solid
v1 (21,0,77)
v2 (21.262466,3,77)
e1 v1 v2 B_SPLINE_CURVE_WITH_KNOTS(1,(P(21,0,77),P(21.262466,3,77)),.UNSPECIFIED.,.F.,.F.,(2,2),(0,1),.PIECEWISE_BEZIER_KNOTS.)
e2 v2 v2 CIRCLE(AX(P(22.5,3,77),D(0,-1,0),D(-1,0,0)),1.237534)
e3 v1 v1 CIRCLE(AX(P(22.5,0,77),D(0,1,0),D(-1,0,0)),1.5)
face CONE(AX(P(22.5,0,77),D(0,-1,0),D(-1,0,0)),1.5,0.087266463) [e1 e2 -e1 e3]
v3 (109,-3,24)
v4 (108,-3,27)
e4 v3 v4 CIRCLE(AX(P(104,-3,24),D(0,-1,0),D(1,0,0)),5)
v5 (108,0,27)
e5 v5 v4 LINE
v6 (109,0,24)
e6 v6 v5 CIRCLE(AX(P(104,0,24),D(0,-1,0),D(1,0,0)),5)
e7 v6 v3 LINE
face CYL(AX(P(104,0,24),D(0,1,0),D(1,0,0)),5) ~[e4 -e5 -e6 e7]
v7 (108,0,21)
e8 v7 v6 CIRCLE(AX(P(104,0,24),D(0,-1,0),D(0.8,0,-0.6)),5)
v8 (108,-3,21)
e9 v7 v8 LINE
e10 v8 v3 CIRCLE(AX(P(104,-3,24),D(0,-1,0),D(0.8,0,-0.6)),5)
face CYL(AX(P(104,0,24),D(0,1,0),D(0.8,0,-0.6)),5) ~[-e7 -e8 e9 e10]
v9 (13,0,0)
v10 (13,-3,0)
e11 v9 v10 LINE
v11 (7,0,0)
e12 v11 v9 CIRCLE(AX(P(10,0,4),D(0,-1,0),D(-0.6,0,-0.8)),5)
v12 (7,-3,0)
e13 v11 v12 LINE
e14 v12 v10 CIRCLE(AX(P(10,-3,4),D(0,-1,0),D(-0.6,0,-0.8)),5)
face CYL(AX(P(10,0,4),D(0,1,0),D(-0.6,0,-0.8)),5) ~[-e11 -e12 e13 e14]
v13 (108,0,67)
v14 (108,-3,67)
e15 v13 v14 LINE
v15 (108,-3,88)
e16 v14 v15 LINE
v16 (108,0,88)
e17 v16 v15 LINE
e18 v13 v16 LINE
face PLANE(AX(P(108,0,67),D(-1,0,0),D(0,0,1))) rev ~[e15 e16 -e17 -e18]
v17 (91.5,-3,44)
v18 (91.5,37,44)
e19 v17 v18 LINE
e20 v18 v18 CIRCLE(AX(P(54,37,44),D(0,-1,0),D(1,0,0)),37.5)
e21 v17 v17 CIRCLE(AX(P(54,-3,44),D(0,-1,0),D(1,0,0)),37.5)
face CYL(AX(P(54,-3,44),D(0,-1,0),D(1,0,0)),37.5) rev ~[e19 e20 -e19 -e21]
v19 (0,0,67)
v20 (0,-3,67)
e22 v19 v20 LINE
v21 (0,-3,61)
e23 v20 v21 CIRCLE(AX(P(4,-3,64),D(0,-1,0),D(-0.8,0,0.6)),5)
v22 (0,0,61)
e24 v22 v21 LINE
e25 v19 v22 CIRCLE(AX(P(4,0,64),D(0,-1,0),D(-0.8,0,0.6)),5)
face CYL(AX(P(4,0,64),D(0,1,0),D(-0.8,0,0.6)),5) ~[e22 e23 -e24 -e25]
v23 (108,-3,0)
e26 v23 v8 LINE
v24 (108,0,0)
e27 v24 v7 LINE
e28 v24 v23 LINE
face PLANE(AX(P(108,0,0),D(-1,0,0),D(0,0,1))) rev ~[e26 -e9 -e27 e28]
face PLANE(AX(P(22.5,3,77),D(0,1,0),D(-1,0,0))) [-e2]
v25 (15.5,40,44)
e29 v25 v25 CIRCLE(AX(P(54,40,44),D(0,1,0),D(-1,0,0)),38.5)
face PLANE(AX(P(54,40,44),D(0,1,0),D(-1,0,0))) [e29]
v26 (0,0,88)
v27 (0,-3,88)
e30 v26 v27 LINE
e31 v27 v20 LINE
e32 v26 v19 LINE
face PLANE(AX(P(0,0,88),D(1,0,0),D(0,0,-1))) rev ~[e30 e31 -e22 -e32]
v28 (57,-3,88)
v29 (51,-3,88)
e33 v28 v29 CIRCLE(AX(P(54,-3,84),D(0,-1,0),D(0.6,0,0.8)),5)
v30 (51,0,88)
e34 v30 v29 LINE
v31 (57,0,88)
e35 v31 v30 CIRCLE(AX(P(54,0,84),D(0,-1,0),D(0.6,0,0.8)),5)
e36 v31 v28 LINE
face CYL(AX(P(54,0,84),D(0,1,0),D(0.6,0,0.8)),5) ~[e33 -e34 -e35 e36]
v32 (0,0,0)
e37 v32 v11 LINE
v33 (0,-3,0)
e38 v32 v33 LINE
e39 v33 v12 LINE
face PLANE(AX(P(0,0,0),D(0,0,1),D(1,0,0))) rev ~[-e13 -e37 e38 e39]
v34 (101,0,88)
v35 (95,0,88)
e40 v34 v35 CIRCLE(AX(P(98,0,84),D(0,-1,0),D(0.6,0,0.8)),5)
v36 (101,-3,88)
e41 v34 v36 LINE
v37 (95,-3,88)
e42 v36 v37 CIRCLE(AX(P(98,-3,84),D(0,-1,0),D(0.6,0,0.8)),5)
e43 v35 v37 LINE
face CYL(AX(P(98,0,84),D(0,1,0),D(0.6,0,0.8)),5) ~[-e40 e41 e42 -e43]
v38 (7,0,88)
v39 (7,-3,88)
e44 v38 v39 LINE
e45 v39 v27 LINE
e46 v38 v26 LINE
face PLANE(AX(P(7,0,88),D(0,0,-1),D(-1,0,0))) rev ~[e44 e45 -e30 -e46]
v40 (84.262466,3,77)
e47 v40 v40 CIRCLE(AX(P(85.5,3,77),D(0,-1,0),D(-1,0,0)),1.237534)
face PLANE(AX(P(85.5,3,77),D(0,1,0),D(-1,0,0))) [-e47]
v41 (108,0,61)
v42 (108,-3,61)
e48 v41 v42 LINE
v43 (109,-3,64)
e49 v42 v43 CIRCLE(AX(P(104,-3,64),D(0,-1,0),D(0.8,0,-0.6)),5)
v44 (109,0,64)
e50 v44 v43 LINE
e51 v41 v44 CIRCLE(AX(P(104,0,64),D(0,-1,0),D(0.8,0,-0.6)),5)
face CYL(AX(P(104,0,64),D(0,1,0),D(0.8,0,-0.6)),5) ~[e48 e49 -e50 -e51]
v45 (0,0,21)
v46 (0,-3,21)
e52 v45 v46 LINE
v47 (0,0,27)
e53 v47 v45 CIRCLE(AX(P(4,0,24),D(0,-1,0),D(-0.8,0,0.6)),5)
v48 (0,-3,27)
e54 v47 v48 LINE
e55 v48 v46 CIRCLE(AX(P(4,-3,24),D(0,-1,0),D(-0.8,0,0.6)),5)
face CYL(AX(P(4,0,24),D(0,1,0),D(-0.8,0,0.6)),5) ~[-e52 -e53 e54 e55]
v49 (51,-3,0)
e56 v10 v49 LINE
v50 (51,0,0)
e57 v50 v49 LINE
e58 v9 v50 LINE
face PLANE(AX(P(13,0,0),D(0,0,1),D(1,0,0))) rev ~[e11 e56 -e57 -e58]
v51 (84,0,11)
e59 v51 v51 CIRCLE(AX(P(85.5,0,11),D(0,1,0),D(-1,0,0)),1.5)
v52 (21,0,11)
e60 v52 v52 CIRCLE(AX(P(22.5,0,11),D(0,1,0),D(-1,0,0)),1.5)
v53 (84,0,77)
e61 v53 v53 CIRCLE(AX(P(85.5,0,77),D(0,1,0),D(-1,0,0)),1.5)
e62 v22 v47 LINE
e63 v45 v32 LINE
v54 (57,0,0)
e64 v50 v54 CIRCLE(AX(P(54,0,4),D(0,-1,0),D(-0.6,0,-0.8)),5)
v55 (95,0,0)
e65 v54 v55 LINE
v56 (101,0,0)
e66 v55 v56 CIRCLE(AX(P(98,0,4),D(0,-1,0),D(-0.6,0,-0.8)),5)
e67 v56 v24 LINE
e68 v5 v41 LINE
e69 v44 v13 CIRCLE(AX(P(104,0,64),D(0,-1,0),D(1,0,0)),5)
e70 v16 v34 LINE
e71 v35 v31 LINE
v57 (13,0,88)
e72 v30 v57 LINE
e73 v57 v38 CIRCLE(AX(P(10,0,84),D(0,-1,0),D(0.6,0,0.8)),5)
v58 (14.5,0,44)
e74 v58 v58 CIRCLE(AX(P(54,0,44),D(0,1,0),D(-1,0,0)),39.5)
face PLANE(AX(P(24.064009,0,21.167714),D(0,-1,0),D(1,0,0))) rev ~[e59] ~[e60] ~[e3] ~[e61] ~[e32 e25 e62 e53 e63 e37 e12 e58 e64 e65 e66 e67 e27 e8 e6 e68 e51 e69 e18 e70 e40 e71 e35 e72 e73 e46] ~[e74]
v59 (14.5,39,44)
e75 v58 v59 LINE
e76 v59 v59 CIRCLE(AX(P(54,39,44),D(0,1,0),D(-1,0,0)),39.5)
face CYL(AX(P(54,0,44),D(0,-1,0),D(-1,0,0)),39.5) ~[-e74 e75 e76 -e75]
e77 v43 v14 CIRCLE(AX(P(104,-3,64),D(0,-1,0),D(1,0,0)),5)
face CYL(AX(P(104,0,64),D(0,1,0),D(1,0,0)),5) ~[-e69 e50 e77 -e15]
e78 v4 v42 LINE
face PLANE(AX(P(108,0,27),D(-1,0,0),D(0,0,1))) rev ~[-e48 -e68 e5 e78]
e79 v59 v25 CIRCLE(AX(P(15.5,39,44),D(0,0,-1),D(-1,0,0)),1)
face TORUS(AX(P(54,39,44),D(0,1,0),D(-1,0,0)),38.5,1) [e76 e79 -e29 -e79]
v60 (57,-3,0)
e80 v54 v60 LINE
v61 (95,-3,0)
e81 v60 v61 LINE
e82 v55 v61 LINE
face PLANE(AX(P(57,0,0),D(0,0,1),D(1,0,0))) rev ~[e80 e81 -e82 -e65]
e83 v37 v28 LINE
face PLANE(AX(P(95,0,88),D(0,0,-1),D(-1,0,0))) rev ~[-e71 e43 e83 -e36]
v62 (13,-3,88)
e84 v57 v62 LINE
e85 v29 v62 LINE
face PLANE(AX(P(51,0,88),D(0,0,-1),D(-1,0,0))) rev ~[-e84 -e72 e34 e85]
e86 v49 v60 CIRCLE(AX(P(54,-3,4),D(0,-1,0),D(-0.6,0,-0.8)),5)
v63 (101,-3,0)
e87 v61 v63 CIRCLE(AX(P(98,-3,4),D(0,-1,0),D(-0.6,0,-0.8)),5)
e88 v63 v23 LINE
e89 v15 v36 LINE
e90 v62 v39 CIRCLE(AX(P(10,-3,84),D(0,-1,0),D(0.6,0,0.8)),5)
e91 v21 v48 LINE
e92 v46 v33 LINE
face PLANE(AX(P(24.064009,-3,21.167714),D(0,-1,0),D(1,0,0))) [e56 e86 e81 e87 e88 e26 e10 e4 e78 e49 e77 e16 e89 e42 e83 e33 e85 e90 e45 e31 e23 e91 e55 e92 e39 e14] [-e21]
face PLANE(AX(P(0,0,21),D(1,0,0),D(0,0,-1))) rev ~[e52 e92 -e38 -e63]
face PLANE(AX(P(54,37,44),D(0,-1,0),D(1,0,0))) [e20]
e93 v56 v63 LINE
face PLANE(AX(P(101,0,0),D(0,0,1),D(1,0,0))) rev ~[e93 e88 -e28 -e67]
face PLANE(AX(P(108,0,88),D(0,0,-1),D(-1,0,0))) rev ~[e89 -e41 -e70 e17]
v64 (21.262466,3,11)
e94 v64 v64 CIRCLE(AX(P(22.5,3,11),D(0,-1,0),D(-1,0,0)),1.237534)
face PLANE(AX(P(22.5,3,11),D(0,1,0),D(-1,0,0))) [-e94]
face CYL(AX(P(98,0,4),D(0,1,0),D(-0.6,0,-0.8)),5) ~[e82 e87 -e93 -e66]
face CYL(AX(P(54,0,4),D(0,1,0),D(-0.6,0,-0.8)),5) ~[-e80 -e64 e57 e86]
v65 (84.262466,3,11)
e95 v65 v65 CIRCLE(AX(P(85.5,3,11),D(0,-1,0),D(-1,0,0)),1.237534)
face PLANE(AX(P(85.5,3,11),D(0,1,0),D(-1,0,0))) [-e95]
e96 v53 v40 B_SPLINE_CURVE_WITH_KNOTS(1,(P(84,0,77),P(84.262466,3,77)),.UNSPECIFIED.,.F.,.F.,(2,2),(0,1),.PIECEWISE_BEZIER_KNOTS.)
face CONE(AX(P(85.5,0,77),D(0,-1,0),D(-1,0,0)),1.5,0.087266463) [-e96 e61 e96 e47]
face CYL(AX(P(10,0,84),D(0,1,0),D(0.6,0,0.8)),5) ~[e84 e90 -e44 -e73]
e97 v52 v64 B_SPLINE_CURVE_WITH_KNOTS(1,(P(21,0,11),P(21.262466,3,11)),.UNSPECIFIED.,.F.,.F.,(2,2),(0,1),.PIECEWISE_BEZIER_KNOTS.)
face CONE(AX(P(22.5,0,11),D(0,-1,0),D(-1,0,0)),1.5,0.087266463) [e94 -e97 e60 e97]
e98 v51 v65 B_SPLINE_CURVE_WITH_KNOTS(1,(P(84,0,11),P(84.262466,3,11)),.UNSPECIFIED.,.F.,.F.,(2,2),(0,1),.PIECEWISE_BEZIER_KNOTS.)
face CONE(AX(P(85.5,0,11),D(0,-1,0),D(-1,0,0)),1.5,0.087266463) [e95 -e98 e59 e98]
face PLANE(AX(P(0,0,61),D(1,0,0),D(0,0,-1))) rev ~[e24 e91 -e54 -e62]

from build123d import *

# Parameters (mm, degrees)
F1_DEPTH = 3
F2_R     = 39.5
F3_DEPTH = 40
F4_R     = 1.5
F5_DEPTH = 3
F5_TAPER = 5
F6_R     = 1
F7_R     = 37.5
F8_DEPTH = 40


with BuildPart() as f1:
    # F0 (on Front) → F1 (new body)
    with BuildSketch(Plane.XZ):
        with BuildLine():
            Line((0, 21), (0, 0))
            Line((0, 0), (7, 0))
            ThreePointArc((7, 0), (7.7639320225, 8.472135955), (15, 4))
            ThreePointArc((15, 4), (14.472135955, 1.7639320225), (13, 0))
            Line((13, 0), (51, 0))
            ThreePointArc((51, 0), (49.2565835097, 5.5811388301), (54, 9))
            Line((54, 9), (54, 44))
            Line((54, 44), (0, 44))
            Line((0, 44), (0, 27))
            ThreePointArc((0, 27), (5.5811388301, 28.7434164903), (9, 24))
            ThreePointArc((9, 24), (5.5811388301, 19.2565835097), (0, 21))
        make_face()
        with BuildLine():
            ThreePointArc((15, 4), (7.7639320225, 8.472135955), (7, 0))
            Line((7, 0), (13, 0))
            ThreePointArc((13, 0), (14.472135955, 1.7639320225), (15, 4))
        make_face()
        with BuildLine():
            Line((13, 0), (7, 0))
            ThreePointArc((7, 0), (10, -1), (13, 0))
        make_face()
        with BuildLine():
            ThreePointArc((0, 27), (-1, 24), (0, 21))
            Line((0, 21), (0, 27))
        make_face()
        with BuildLine():
            Line((0, 27), (0, 21))
            ThreePointArc((0, 21), (5.5811388301, 19.2565835097), (9, 24))
            ThreePointArc((9, 24), (5.5811388301, 28.7434164903), (0, 27))
        make_face()
        with BuildLine():
            ThreePointArc((54, 9), (49.2565835097, 5.5811388301), (51, 0))
            Line((51, 0), (54, 0))
            Line((54, 0), (54, 9))
        make_face()
        with BuildLine():
            Line((54, 0), (51, 0))
            ThreePointArc((51, 0), (54, -1), (57, 0))
            Line((57, 0), (54, 0))
        make_face()
        with BuildLine():
            Line((0, 61), (0, 44))
            Line((0, 44), (54, 44))
            Line((54, 44), (54, 79))
            ThreePointArc((54, 79), (49.2565835097, 82.4188611699), (51, 88))
            Line((51, 88), (13, 88))
            ThreePointArc((13, 88), (14.472135955, 86.2360679775), (15, 84))
            ThreePointArc((15, 84), (7.7639320225, 79.527864045), (7, 88))
            Line((7, 88), (0, 88))
            Line((0, 88), (0, 67))
            ThreePointArc((0, 67), (5.5811388301, 68.7434164903), (9, 64))
            ThreePointArc((9, 64), (5.5811388301, 59.2565835097), (0, 61))
        make_face()
        with BuildLine():
            Line((54, 9), (54, 0))
            Line((54, 0), (57, 0))
            ThreePointArc((57, 0), (58.472135955, 1.7639320225), (59, 4))
            ThreePointArc((59, 4), (57.5355339059, 7.5355339059), (54, 9))
        make_face()
        with BuildLine():
            Line((54, 44), (54, 9))
            ThreePointArc((54, 9), (57.5355339059, 7.5355339059), (59, 4))
            ThreePointArc((59, 4), (58.472135955, 1.7639320225), (57, 0))
            Line((57, 0), (95, 0))
            ThreePointArc((95, 0), (95.7639320225, 8.472135955), (103, 4))
            ThreePointArc((103, 4), (102.472135955, 1.7639320225), (101, 0))
            Line((101, 0), (108, 0))
            Line((108, 0), (108, 21))
            ThreePointArc((108, 21), (99, 24), (108, 27))
            Line((108, 27), (108, 44))
            Line((108, 44), (54, 44))
        make_face()
        with BuildLine():
            ThreePointArc((0, 67), (-1, 64), (0, 61))
            Line((0, 61), (0, 67))
        make_face()
        with BuildLine():
            Line((0, 67), (0, 61))
            ThreePointArc((0, 61), (5.5811388301, 59.2565835097), (9, 64))
            ThreePointArc((9, 64), (5.5811388301, 68.7434164903), (0, 67))
        make_face()
        with BuildLine():
            Line((54, 79), (54, 44))
            Line((54, 44), (108, 44))
            Line((108, 44), (108, 61))
            ThreePointArc((108, 61), (99, 64), (108, 67))
            Line((108, 67), (108, 88))
            Line((108, 88), (101, 88))
            ThreePointArc((101, 88), (102.472135955, 86.2360679775), (103, 84))
            ThreePointArc((103, 84), (95.7639320225, 79.527864045), (95, 88))
            Line((95, 88), (57, 88))
            ThreePointArc((57, 88), (58.472135955, 86.2360679775), (59, 84))
            ThreePointArc((59, 84), (57.5355339059, 80.4644660941), (54, 79))
        make_face()
        with BuildLine():
            ThreePointArc((103, 4), (95.7639320225, 8.472135955), (95, 0))
            Line((95, 0), (101, 0))
            ThreePointArc((101, 0), (102.472135955, 1.7639320225), (103, 4))
        make_face()
        with BuildLine():
            Line((101, 0), (95, 0))
            ThreePointArc((95, 0), (98, -1), (101, 0))
        make_face()
        with BuildLine():
            ThreePointArc((51, 88), (49.2565835097, 82.4188611699), (54, 79))
            Line((54, 79), (54, 88))
            Line((54, 88), (51, 88))
        make_face()
        with BuildLine():
            Line((54, 88), (54, 79))
            ThreePointArc((54, 79), (57.5355339059, 80.4644660941), (59, 84))
            ThreePointArc((59, 84), (58.472135955, 86.2360679775), (57, 88))
            Line((57, 88), (54, 88))
        make_face()
        with BuildLine():
            Line((51, 88), (54, 88))
            Line((54, 88), (57, 88))
            ThreePointArc((57, 88), (54, 89), (51, 88))
        make_face()
        with BuildLine():
            ThreePointArc((109, 24), (108.7434164903, 25.5811388301), (108, 27))
            Line((108, 27), (108, 21))
            ThreePointArc((108, 21), (108.7434164903, 22.4188611699), (109, 24))
        make_face()
        with BuildLine():
            Line((108, 21), (108, 27))
            ThreePointArc((108, 27), (99, 24), (108, 21))
        make_face()
        with BuildLine():
            ThreePointArc((108, 67), (99, 64), (108, 61))
            Line((108, 61), (108, 67))
        make_face()
        with BuildLine():
            Line((108, 67), (108, 61))
            ThreePointArc((108, 61), (108.7434164903, 62.4188611699), (109, 64))
            ThreePointArc((109, 64), (108.7434164903, 65.5811388301), (108, 67))
        make_face()
        with BuildLine():
            ThreePointArc((13, 88), (10, 89), (7, 88))
            Line((7, 88), (13, 88))
        make_face()
        with BuildLine():
            Line((13, 88), (7, 88))
            ThreePointArc((7, 88), (7.7639320225, 79.527864045), (15, 84))
            ThreePointArc((15, 84), (14.472135955, 86.2360679775), (13, 88))
        make_face()
        with BuildLine():
            ThreePointArc((101, 88), (98, 89), (95, 88))
            Line((95, 88), (101, 88))
        make_face()
        with BuildLine():
            Line((101, 88), (95, 88))
            ThreePointArc((95, 88), (95.7639320225, 79.527864045), (103, 84))
            ThreePointArc((103, 84), (102.472135955, 86.2360679775), (101, 88))
        make_face()
    extrude(amount=F1_DEPTH)

    # F2 (on face) → F3 (join)
    with BuildSketch(Plane(origin=(0, 0, 0), x_dir=(-1, 0, 0), z_dir=(0, 1, 0))):
        with Locations((-54, 44)):
            Circle(F2_R)
    extrude(amount=F3_DEPTH)

    # F4 (on face) → F5 (join)
    with BuildSketch(Plane(origin=(0, 0, 0), x_dir=(-1, 0, 0), z_dir=(0, 1, 0))):
        with Locations((-85.5000000012, 77)):
            Circle(F4_R)
        with Locations((-22.4999999988, 77)):
            Circle(F4_R)
        with Locations((-85.5000000012, 11)):
            Circle(F4_R)
        with Locations((-22.4999999988, 11)):
            Circle(F4_R)
    extrude(amount=F5_DEPTH, taper=F5_TAPER)

    # F6
    f6_edges = [f1.edges().sort_by_distance(p)[0] for p in [
        (93.5, 40, 44),
    ]]
    fillet(f6_edges, radius=F6_R)

    # F7 (on face) → F8 (cut)
    with BuildSketch(Plane.XZ.offset(3)):
        with Locations((54, 44)):
            Circle(F7_R)
    extrude(amount=-F8_DEPTH, mode=Mode.SUBTRACT)


solid = f1.part
